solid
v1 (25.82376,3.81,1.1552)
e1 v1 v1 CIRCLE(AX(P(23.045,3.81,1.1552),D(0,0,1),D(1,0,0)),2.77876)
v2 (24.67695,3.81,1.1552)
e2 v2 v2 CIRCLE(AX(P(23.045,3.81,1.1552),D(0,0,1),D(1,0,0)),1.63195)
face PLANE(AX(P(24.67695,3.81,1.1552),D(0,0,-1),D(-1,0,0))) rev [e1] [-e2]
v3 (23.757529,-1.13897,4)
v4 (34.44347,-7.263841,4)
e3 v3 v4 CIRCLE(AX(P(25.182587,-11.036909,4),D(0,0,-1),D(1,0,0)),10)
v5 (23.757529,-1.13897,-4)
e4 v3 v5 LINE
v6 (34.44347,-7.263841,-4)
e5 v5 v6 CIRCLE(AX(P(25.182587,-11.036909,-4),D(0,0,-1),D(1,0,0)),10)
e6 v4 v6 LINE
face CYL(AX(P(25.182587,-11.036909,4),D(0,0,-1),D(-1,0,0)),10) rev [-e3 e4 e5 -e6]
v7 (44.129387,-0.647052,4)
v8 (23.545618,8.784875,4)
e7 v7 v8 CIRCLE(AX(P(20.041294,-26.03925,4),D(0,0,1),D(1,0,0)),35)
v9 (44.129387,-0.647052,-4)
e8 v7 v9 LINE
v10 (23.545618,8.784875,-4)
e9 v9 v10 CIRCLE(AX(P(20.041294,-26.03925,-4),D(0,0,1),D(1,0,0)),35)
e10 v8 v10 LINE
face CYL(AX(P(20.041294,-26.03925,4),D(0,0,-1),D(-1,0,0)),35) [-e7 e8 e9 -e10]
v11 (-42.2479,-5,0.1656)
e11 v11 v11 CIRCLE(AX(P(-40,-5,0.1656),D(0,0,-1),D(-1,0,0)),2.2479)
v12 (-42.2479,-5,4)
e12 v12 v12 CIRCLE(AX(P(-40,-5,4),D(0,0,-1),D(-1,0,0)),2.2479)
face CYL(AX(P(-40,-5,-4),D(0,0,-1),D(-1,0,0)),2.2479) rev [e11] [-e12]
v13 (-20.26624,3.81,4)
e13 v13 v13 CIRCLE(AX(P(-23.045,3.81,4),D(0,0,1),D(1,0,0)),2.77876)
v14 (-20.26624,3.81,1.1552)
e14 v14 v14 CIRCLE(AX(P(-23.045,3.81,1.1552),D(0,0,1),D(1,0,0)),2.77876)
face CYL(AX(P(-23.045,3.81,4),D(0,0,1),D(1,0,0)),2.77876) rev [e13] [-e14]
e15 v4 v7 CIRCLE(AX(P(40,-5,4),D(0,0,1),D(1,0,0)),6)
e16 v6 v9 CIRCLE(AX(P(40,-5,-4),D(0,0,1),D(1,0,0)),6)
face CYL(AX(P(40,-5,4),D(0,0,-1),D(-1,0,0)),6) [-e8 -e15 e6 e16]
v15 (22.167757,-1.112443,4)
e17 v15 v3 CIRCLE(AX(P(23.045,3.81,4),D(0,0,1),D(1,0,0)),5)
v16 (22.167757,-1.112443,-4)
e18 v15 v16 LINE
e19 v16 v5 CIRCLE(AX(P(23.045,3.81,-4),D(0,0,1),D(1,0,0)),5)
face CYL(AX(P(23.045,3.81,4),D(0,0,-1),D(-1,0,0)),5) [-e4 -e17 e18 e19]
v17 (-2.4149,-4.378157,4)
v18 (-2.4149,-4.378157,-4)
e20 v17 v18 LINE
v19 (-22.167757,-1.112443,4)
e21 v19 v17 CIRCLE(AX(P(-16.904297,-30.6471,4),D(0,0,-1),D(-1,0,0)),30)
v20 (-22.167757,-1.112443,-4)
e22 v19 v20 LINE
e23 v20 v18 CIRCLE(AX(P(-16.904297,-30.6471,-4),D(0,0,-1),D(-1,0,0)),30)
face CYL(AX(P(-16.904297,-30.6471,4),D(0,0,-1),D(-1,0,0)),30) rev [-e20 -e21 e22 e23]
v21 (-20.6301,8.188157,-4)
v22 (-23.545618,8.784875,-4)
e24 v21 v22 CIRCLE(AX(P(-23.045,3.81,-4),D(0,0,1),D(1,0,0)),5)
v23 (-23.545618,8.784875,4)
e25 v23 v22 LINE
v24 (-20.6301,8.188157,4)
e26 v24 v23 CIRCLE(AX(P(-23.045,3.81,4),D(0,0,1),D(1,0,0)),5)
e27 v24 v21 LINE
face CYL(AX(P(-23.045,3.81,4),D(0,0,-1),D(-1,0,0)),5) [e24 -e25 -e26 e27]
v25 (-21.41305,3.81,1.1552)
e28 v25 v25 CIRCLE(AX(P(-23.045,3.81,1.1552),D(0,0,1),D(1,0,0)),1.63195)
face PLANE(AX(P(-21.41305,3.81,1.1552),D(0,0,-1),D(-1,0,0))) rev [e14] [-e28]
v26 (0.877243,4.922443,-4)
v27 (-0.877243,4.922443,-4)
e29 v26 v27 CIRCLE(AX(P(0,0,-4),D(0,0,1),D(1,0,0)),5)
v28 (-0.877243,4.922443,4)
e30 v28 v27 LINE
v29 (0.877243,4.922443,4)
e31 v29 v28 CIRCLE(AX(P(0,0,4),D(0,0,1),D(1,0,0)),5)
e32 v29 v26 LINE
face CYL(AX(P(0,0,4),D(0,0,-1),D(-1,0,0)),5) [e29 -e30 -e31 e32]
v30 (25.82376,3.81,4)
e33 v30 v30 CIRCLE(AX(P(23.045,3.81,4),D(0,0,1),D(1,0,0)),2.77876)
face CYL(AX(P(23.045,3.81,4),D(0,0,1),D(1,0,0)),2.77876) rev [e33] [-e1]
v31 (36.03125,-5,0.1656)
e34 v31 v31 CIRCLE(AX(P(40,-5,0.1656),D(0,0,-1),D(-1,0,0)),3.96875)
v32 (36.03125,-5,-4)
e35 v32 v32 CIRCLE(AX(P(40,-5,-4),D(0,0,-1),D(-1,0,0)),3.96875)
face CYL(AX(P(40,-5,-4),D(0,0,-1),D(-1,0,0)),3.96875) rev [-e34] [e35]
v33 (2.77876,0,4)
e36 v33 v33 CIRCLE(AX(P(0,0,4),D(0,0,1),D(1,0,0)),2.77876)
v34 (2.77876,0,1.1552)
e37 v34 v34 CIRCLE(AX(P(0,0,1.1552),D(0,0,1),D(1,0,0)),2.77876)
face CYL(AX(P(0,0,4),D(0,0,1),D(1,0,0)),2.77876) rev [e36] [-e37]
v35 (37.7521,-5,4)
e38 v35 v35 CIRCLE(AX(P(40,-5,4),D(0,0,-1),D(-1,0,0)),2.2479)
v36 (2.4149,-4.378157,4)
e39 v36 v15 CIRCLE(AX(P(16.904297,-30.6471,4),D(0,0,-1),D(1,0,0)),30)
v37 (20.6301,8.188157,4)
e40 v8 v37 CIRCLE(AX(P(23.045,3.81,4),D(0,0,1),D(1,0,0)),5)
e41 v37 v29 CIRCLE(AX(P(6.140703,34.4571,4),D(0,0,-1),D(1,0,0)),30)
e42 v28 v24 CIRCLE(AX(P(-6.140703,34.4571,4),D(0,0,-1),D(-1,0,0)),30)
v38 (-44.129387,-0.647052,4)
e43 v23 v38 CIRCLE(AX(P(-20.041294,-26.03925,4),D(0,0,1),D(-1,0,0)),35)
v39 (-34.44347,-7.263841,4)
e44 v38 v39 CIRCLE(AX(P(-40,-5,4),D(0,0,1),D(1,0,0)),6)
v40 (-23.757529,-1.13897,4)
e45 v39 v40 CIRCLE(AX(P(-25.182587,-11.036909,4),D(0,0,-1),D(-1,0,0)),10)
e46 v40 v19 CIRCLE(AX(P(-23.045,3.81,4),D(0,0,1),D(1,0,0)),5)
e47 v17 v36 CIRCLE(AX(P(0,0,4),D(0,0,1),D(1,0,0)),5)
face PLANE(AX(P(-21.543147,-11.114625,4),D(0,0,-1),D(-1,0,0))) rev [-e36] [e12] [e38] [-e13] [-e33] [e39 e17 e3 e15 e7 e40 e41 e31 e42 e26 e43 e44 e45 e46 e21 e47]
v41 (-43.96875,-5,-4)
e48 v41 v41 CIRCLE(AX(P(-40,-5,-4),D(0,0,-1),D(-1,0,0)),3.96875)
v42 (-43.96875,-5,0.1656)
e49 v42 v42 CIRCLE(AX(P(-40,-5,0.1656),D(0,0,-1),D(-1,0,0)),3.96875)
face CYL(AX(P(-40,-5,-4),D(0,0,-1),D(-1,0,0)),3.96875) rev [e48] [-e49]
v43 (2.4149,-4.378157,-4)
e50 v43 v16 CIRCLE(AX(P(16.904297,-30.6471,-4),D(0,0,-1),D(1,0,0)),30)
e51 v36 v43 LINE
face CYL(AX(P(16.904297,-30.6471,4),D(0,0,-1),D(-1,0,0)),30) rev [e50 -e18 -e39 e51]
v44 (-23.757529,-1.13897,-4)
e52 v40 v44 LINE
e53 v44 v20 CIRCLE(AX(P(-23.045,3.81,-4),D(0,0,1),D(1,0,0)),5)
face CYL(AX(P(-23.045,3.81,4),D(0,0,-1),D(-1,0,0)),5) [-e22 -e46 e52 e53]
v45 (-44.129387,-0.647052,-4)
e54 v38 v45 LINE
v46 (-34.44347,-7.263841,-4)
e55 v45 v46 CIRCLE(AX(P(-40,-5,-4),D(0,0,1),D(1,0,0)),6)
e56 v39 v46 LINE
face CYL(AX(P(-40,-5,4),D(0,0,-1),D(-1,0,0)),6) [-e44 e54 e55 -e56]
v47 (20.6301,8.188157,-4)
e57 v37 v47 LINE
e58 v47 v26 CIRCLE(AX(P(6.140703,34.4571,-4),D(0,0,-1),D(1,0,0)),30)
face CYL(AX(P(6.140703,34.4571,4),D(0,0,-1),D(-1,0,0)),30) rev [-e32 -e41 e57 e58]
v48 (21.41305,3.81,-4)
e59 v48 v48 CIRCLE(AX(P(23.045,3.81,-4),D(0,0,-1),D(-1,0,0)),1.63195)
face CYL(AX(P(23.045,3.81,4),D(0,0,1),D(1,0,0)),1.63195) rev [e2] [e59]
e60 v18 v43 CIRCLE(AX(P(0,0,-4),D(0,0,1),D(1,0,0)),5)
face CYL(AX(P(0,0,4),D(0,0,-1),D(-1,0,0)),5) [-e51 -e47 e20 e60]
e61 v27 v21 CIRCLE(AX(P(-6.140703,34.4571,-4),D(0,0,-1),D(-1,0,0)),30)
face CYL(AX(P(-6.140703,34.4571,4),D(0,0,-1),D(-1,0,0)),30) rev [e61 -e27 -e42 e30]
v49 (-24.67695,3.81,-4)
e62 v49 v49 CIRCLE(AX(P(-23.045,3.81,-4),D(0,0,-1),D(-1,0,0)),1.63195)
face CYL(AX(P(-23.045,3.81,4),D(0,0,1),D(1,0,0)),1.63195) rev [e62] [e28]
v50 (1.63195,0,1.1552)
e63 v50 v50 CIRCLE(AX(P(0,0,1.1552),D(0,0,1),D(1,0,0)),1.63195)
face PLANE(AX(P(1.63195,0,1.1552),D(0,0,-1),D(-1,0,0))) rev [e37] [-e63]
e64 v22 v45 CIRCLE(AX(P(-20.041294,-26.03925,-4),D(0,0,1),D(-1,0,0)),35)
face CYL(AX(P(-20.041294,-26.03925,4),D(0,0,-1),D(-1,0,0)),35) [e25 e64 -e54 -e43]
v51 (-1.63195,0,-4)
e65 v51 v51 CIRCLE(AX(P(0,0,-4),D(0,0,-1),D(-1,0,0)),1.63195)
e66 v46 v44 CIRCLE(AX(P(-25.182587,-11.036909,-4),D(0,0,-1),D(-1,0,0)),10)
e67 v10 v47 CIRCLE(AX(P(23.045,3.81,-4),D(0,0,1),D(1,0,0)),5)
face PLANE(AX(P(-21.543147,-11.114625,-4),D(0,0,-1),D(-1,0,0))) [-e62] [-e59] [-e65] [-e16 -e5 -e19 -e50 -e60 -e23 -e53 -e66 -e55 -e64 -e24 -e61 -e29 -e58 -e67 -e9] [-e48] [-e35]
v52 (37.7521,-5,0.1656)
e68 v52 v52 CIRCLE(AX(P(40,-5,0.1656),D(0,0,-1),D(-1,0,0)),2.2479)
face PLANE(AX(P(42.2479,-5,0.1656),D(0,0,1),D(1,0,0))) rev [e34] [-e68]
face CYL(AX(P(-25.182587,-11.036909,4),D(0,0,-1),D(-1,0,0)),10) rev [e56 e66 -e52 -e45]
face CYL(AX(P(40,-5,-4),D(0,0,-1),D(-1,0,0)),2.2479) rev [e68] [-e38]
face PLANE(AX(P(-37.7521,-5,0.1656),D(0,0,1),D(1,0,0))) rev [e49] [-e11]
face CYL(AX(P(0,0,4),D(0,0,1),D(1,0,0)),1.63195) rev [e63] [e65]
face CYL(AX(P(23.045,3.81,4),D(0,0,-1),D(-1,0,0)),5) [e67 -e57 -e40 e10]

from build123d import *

# Parameters (mm, degrees)
BOSS_EXTRUDE1_DEPTH                            = 4
CBORE_FOR_4_SOCKET_HEAD_CAP_SCREW1_D           = 3.2639
CBORE_FOR_4_SOCKET_HEAD_CAP_SCREW1_DEPTH       = 9.019425513
CBORE_FOR_4_SOCKET_HEAD_CAP_SCREW1_CBORE_D     = 5.55752
CBORE_FOR_4_SOCKET_HEAD_CAP_SCREW1_CBORE_DEPTH = 2.8448
CBORE_FOR_4_SOCKET_HEAD_CAP_SCREW1_TIP         = 0.980574487
CBORE_FOR_8_SOCKET_HEAD_CAP_SCREW1_D           = 4.4958
CBORE_FOR_8_SOCKET_HEAD_CAP_SCREW1_DEPTH       = 8.649325414
CBORE_FOR_8_SOCKET_HEAD_CAP_SCREW1_CBORE_D     = 7.9375
CBORE_FOR_8_SOCKET_HEAD_CAP_SCREW1_CBORE_DEPTH = 4.1656
CBORE_FOR_8_SOCKET_HEAD_CAP_SCREW1_TIP         = 1.350674586


with BuildPart() as part:
    # Sketch1 → Boss-Extrude1 (new body, symmetric)
    with BuildSketch(Plane.XY):
        with BuildLine():
            ThreePointArc((-44.12938743, -0.647051637), (-43.384473284, -9.954325443), (-34.443470177, -7.263841056))
            ThreePointArc((-34.443470177, -7.263841056), (-30.155368055, -2.36099743), (-23.757529046, -1.138969828))
            ThreePointArc((-23.757529046, -1.138969828), (-22.961581659, -1.18930409), (-22.167756654, -1.112442901))
            ThreePointArc((-22.167756654, -1.112442901), (-12.010862121, -1.048885846), (-2.414899511, -4.378157187))
            ThreePointArc((-2.414899511, -4.378157187), (0, -5), (2.414899511, -4.378157187))
            ThreePointArc((2.414899511, -4.378157187), (12.010862121, -1.048885846), (22.167756654, -1.112442901))
            ThreePointArc((22.167756654, -1.112442901), (22.961581659, -1.18930409), (23.757529046, -1.138969828))
            ThreePointArc((23.757529046, -1.138969828), (30.155368055, -2.36099743), (34.443470177, -7.263841056))
            ThreePointArc((34.443470177, -7.263841056), (43.384473284, -9.954325443), (44.12938743, -0.647051637))
            ThreePointArc((44.12938743, -0.647051637), (34.621269329, 5.779365543), (23.545617652, 8.78487507))
            ThreePointArc((23.545617652, 8.78487507), (22.042434881, 8.708455183), (20.630100489, 8.188157187))
            ThreePointArc((20.630100489, 8.188157187), (11.034137879, 4.858885846), (0.877243346, 4.922442901))
            ThreePointArc((0.877243346, 4.922442901), (0, 5), (-0.877243346, 4.922442901))
            ThreePointArc((-0.877243346, 4.922442901), (-11.034137879, 4.858885846), (-20.630100489, 8.188157187))
            ThreePointArc((-20.630100489, 8.188157187), (-22.042434881, 8.708455183), (-23.545617652, 8.78487507))
            ThreePointArc((-23.545617652, 8.78487507), (-34.621269329, 5.779365543), (-44.12938743, -0.647051637))
        make_face()
    extrude(amount=BOSS_EXTRUDE1_DEPTH, both=True)

    # CBORE for #4 Socket Head Cap Screw1
    with Locations(Plane.XY.offset(4)):
        with Locations((-23.045, 3.81), (0, 0), (23.045, 3.81)):
            CounterBoreHole(CBORE_FOR_4_SOCKET_HEAD_CAP_SCREW1_D / 2, CBORE_FOR_4_SOCKET_HEAD_CAP_SCREW1_CBORE_D / 2, CBORE_FOR_4_SOCKET_HEAD_CAP_SCREW1_CBORE_DEPTH, depth=CBORE_FOR_4_SOCKET_HEAD_CAP_SCREW1_DEPTH)
            with Locations((0, 0, -(CBORE_FOR_4_SOCKET_HEAD_CAP_SCREW1_DEPTH + CBORE_FOR_4_SOCKET_HEAD_CAP_SCREW1_TIP / 2))):  # 118° drill point
                Cone(0, CBORE_FOR_4_SOCKET_HEAD_CAP_SCREW1_D / 2, CBORE_FOR_4_SOCKET_HEAD_CAP_SCREW1_TIP, mode=Mode.SUBTRACT)

    # CBORE for #8 Socket Head Cap Screw1
    with Locations(Plane(origin=(0, 0, -4), x_dir=(-1, 0, 0), z_dir=(0, 0, -1))):
        with Locations((-40, -5), (40, -5)):
            CounterBoreHole(CBORE_FOR_8_SOCKET_HEAD_CAP_SCREW1_D / 2, CBORE_FOR_8_SOCKET_HEAD_CAP_SCREW1_CBORE_D / 2, CBORE_FOR_8_SOCKET_HEAD_CAP_SCREW1_CBORE_DEPTH, depth=CBORE_FOR_8_SOCKET_HEAD_CAP_SCREW1_DEPTH)
            with Locations((0, 0, -(CBORE_FOR_8_SOCKET_HEAD_CAP_SCREW1_DEPTH + CBORE_FOR_8_SOCKET_HEAD_CAP_SCREW1_TIP / 2))):  # 118° drill point
                Cone(0, CBORE_FOR_8_SOCKET_HEAD_CAP_SCREW1_D / 2, CBORE_FOR_8_SOCKET_HEAD_CAP_SCREW1_TIP, mode=Mode.SUBTRACT)


solid = part.part
